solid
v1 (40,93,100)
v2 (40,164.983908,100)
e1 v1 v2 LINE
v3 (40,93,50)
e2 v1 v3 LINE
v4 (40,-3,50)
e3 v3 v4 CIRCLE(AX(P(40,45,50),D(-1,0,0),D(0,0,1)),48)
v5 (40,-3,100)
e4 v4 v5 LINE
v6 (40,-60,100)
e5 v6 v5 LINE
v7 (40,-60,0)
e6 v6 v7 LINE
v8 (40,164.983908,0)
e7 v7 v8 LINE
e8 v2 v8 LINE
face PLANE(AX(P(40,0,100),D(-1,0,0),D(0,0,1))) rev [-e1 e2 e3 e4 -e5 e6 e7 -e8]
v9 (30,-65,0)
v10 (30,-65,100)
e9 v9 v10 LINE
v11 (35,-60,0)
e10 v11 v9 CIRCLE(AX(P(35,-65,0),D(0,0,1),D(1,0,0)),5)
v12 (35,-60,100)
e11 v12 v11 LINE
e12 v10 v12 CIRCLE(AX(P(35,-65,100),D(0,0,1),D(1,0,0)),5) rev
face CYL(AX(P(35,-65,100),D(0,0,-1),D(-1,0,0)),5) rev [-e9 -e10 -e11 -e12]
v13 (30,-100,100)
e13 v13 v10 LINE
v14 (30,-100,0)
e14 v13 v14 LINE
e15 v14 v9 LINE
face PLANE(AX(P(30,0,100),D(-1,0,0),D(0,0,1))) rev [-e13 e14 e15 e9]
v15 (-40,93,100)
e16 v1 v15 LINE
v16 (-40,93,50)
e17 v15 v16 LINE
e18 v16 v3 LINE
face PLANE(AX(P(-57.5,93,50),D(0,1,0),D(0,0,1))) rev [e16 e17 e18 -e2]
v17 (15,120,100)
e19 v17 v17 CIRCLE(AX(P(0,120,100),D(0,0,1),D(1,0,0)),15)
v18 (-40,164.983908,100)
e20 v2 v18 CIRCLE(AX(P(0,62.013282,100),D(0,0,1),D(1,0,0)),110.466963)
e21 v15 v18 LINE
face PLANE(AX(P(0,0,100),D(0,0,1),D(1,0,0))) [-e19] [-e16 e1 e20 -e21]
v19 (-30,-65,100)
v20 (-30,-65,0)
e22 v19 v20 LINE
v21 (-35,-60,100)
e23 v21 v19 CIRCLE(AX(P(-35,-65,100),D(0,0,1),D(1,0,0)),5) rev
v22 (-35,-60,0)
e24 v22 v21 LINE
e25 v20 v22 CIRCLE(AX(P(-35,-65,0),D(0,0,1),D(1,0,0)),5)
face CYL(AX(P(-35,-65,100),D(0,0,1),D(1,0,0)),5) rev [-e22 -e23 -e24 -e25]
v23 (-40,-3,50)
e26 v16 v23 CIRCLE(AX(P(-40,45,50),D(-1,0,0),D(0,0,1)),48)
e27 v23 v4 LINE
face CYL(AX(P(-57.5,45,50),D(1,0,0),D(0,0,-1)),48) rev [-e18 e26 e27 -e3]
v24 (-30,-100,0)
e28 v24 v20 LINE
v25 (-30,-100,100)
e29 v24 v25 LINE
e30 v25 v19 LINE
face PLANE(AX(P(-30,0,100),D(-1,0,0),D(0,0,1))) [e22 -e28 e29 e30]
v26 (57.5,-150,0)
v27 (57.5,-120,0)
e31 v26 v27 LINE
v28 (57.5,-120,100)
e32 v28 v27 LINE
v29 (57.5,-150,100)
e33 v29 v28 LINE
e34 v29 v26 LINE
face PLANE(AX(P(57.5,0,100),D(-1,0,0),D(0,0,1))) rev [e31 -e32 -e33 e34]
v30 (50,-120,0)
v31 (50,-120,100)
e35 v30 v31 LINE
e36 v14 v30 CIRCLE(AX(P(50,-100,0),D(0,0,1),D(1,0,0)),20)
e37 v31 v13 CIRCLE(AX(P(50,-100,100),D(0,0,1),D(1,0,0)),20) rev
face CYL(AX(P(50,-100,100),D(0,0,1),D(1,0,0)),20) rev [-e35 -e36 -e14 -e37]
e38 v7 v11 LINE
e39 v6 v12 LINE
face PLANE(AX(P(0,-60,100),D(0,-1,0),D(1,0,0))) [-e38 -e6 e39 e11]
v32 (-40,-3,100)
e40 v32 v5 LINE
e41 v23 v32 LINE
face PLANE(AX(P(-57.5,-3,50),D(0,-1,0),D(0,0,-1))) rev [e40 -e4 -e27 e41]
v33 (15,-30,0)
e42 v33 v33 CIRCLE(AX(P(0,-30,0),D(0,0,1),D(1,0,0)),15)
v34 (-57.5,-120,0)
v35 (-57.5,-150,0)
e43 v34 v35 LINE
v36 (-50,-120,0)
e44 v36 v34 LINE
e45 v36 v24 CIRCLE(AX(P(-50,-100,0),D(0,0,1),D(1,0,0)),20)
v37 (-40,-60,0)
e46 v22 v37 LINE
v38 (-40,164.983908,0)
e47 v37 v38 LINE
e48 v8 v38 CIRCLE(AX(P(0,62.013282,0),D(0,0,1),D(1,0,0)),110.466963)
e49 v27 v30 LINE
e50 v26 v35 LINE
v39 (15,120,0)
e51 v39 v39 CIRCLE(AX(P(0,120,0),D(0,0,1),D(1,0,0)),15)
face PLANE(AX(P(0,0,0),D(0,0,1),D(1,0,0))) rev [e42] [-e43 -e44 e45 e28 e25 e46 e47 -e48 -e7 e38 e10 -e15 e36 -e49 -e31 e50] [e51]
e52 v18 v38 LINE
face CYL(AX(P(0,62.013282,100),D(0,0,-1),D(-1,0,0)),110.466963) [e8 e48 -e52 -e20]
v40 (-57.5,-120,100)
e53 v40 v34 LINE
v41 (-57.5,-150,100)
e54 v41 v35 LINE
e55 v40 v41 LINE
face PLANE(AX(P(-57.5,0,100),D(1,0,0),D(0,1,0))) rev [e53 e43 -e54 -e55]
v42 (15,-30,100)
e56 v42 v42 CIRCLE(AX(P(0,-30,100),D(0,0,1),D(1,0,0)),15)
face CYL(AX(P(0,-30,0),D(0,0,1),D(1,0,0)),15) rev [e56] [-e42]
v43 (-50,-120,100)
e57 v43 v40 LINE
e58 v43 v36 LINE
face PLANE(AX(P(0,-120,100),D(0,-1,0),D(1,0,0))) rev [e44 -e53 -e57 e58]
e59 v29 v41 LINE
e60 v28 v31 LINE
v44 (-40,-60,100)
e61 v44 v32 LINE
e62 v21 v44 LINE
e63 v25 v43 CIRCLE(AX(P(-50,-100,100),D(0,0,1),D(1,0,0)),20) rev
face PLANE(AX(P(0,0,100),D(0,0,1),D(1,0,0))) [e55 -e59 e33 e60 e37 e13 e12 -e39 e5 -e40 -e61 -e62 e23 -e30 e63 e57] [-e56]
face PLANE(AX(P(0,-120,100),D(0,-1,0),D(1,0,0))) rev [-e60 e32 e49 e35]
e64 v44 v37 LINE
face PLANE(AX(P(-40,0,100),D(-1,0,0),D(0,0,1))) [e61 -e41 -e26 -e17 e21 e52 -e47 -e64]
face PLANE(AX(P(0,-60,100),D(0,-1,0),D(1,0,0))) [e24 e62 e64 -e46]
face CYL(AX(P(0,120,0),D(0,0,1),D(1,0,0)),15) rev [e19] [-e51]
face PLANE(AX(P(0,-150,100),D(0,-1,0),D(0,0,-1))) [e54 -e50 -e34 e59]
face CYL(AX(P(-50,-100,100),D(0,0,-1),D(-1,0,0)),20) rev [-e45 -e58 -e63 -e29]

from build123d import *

# Parameters (mm, degrees)
BOSS_EXTRUDE1_DEPTH     = 100
FILLET1_R               = 5
FILLET2_R               = 5
FILLET3_R               = 20
FILLET4_R               = 20
SKETCH5_R               = 15
CUT_EXTRUDE1_DEPTH      = 208.498638182
SKETCH16_R              = 15
CUT_EXTRUDE5_DEPTH      = 208.498638182
CUT_EXTRUDE8_DEPTH      = 208.498638182
CUT_EXTRUDE8_DEPTH_BACK = 208.498638182


with BuildPart() as part:
    # Sketch4 → Boss-Extrude1 (new body)
    with BuildSketch(Plane.XY):
        with BuildLine():
            Line((-40, -60), (-30, -60))
            Line((-30, -60), (0, -60))
            Line((0, -60), (30, -60))
            Line((30, -60), (40, -60))
            Line((40, -60), (40, 164.983908243))
            ThreePointArc((40, 164.983908243), (39.979276225, 164.991956207), (39.958550831, 165))
            ThreePointArc((39.958550831, 165), (0, 172.480244803), (-39.958550831, 165))
            ThreePointArc((-39.958550831, 165), (-39.979276225, 164.991956207), (-40, 164.983908243))
            Line((-40, 164.983908243), (-40, -60))
        make_face()
        Polygon((-30, -60), (-30, -105), (0, -105), (30, -105), (30, -60), (0, -60), align=None)
        Polygon((57.5, -120), (-57.5, -120), (-57.5, -150), (0, -150), (57.5, -150), align=None)
        Polygon((0, -105), (-30, -105), (-30, -120), (30, -120), (30, -105), align=None)
    extrude(amount=BOSS_EXTRUDE1_DEPTH)

    # Fillet1
    fillet1_edges = [part.edges().sort_by_distance(p)[0] for p in [
        (-30, -60, 50),
    ]]
    fillet(fillet1_edges, radius=FILLET1_R)

    # Fillet2
    fillet2_edges = [part.edges().sort_by_distance(p)[0] for p in [
        (30, -60, 50),
    ]]
    fillet(fillet2_edges, radius=FILLET2_R)

    # Fillet3
    fillet3_edges = [part.edges().sort_by_distance(p)[0] for p in [
        (-30, -120, 50),
    ]]
    fillet(fillet3_edges, radius=FILLET3_R)

    # Fillet4
    fillet4_edges = [part.edges().sort_by_distance(p)[0] for p in [
        (30, -120, 50),
    ]]
    fillet(fillet4_edges, radius=FILLET4_R)

    # Sketch5 → Cut-Extrude1 (cut, through all)
    with BuildSketch(Plane.XY.offset(100)):
        with Locations((0, 120)):
            Circle(SKETCH5_R)
    extrude(amount=-CUT_EXTRUDE1_DEPTH, mode=Mode.SUBTRACT)

    # Sketch16 → Cut-Extrude5 (cut, through all)
    with BuildSketch(Plane.XY.offset(100)):
        with Locations((0, -30)):
            Circle(SKETCH16_R)
    extrude(amount=-CUT_EXTRUDE5_DEPTH, mode=Mode.SUBTRACT)

    # Sketch19 → Cut-Extrude8 (cut, two sides: drawn at the far end of the back side and taken through both)
    with BuildSketch(Plane(origin=(0, 0, 0), x_dir=(0, 0, -1), z_dir=(1, 0, 0)).offset(-CUT_EXTRUDE8_DEPTH_BACK)):
        with BuildLine():
            Line((-50, 93), (-100, 93))
            Line((-100, 93), (-100, -3))
            Line((-100, -3), (-50, -3))
            ThreePointArc((-50, -3), (-2, 45), (-50, 93))
        make_face()
    extrude(amount=CUT_EXTRUDE8_DEPTH + CUT_EXTRUDE8_DEPTH_BACK, mode=Mode.SUBTRACT)


solid = part.part
